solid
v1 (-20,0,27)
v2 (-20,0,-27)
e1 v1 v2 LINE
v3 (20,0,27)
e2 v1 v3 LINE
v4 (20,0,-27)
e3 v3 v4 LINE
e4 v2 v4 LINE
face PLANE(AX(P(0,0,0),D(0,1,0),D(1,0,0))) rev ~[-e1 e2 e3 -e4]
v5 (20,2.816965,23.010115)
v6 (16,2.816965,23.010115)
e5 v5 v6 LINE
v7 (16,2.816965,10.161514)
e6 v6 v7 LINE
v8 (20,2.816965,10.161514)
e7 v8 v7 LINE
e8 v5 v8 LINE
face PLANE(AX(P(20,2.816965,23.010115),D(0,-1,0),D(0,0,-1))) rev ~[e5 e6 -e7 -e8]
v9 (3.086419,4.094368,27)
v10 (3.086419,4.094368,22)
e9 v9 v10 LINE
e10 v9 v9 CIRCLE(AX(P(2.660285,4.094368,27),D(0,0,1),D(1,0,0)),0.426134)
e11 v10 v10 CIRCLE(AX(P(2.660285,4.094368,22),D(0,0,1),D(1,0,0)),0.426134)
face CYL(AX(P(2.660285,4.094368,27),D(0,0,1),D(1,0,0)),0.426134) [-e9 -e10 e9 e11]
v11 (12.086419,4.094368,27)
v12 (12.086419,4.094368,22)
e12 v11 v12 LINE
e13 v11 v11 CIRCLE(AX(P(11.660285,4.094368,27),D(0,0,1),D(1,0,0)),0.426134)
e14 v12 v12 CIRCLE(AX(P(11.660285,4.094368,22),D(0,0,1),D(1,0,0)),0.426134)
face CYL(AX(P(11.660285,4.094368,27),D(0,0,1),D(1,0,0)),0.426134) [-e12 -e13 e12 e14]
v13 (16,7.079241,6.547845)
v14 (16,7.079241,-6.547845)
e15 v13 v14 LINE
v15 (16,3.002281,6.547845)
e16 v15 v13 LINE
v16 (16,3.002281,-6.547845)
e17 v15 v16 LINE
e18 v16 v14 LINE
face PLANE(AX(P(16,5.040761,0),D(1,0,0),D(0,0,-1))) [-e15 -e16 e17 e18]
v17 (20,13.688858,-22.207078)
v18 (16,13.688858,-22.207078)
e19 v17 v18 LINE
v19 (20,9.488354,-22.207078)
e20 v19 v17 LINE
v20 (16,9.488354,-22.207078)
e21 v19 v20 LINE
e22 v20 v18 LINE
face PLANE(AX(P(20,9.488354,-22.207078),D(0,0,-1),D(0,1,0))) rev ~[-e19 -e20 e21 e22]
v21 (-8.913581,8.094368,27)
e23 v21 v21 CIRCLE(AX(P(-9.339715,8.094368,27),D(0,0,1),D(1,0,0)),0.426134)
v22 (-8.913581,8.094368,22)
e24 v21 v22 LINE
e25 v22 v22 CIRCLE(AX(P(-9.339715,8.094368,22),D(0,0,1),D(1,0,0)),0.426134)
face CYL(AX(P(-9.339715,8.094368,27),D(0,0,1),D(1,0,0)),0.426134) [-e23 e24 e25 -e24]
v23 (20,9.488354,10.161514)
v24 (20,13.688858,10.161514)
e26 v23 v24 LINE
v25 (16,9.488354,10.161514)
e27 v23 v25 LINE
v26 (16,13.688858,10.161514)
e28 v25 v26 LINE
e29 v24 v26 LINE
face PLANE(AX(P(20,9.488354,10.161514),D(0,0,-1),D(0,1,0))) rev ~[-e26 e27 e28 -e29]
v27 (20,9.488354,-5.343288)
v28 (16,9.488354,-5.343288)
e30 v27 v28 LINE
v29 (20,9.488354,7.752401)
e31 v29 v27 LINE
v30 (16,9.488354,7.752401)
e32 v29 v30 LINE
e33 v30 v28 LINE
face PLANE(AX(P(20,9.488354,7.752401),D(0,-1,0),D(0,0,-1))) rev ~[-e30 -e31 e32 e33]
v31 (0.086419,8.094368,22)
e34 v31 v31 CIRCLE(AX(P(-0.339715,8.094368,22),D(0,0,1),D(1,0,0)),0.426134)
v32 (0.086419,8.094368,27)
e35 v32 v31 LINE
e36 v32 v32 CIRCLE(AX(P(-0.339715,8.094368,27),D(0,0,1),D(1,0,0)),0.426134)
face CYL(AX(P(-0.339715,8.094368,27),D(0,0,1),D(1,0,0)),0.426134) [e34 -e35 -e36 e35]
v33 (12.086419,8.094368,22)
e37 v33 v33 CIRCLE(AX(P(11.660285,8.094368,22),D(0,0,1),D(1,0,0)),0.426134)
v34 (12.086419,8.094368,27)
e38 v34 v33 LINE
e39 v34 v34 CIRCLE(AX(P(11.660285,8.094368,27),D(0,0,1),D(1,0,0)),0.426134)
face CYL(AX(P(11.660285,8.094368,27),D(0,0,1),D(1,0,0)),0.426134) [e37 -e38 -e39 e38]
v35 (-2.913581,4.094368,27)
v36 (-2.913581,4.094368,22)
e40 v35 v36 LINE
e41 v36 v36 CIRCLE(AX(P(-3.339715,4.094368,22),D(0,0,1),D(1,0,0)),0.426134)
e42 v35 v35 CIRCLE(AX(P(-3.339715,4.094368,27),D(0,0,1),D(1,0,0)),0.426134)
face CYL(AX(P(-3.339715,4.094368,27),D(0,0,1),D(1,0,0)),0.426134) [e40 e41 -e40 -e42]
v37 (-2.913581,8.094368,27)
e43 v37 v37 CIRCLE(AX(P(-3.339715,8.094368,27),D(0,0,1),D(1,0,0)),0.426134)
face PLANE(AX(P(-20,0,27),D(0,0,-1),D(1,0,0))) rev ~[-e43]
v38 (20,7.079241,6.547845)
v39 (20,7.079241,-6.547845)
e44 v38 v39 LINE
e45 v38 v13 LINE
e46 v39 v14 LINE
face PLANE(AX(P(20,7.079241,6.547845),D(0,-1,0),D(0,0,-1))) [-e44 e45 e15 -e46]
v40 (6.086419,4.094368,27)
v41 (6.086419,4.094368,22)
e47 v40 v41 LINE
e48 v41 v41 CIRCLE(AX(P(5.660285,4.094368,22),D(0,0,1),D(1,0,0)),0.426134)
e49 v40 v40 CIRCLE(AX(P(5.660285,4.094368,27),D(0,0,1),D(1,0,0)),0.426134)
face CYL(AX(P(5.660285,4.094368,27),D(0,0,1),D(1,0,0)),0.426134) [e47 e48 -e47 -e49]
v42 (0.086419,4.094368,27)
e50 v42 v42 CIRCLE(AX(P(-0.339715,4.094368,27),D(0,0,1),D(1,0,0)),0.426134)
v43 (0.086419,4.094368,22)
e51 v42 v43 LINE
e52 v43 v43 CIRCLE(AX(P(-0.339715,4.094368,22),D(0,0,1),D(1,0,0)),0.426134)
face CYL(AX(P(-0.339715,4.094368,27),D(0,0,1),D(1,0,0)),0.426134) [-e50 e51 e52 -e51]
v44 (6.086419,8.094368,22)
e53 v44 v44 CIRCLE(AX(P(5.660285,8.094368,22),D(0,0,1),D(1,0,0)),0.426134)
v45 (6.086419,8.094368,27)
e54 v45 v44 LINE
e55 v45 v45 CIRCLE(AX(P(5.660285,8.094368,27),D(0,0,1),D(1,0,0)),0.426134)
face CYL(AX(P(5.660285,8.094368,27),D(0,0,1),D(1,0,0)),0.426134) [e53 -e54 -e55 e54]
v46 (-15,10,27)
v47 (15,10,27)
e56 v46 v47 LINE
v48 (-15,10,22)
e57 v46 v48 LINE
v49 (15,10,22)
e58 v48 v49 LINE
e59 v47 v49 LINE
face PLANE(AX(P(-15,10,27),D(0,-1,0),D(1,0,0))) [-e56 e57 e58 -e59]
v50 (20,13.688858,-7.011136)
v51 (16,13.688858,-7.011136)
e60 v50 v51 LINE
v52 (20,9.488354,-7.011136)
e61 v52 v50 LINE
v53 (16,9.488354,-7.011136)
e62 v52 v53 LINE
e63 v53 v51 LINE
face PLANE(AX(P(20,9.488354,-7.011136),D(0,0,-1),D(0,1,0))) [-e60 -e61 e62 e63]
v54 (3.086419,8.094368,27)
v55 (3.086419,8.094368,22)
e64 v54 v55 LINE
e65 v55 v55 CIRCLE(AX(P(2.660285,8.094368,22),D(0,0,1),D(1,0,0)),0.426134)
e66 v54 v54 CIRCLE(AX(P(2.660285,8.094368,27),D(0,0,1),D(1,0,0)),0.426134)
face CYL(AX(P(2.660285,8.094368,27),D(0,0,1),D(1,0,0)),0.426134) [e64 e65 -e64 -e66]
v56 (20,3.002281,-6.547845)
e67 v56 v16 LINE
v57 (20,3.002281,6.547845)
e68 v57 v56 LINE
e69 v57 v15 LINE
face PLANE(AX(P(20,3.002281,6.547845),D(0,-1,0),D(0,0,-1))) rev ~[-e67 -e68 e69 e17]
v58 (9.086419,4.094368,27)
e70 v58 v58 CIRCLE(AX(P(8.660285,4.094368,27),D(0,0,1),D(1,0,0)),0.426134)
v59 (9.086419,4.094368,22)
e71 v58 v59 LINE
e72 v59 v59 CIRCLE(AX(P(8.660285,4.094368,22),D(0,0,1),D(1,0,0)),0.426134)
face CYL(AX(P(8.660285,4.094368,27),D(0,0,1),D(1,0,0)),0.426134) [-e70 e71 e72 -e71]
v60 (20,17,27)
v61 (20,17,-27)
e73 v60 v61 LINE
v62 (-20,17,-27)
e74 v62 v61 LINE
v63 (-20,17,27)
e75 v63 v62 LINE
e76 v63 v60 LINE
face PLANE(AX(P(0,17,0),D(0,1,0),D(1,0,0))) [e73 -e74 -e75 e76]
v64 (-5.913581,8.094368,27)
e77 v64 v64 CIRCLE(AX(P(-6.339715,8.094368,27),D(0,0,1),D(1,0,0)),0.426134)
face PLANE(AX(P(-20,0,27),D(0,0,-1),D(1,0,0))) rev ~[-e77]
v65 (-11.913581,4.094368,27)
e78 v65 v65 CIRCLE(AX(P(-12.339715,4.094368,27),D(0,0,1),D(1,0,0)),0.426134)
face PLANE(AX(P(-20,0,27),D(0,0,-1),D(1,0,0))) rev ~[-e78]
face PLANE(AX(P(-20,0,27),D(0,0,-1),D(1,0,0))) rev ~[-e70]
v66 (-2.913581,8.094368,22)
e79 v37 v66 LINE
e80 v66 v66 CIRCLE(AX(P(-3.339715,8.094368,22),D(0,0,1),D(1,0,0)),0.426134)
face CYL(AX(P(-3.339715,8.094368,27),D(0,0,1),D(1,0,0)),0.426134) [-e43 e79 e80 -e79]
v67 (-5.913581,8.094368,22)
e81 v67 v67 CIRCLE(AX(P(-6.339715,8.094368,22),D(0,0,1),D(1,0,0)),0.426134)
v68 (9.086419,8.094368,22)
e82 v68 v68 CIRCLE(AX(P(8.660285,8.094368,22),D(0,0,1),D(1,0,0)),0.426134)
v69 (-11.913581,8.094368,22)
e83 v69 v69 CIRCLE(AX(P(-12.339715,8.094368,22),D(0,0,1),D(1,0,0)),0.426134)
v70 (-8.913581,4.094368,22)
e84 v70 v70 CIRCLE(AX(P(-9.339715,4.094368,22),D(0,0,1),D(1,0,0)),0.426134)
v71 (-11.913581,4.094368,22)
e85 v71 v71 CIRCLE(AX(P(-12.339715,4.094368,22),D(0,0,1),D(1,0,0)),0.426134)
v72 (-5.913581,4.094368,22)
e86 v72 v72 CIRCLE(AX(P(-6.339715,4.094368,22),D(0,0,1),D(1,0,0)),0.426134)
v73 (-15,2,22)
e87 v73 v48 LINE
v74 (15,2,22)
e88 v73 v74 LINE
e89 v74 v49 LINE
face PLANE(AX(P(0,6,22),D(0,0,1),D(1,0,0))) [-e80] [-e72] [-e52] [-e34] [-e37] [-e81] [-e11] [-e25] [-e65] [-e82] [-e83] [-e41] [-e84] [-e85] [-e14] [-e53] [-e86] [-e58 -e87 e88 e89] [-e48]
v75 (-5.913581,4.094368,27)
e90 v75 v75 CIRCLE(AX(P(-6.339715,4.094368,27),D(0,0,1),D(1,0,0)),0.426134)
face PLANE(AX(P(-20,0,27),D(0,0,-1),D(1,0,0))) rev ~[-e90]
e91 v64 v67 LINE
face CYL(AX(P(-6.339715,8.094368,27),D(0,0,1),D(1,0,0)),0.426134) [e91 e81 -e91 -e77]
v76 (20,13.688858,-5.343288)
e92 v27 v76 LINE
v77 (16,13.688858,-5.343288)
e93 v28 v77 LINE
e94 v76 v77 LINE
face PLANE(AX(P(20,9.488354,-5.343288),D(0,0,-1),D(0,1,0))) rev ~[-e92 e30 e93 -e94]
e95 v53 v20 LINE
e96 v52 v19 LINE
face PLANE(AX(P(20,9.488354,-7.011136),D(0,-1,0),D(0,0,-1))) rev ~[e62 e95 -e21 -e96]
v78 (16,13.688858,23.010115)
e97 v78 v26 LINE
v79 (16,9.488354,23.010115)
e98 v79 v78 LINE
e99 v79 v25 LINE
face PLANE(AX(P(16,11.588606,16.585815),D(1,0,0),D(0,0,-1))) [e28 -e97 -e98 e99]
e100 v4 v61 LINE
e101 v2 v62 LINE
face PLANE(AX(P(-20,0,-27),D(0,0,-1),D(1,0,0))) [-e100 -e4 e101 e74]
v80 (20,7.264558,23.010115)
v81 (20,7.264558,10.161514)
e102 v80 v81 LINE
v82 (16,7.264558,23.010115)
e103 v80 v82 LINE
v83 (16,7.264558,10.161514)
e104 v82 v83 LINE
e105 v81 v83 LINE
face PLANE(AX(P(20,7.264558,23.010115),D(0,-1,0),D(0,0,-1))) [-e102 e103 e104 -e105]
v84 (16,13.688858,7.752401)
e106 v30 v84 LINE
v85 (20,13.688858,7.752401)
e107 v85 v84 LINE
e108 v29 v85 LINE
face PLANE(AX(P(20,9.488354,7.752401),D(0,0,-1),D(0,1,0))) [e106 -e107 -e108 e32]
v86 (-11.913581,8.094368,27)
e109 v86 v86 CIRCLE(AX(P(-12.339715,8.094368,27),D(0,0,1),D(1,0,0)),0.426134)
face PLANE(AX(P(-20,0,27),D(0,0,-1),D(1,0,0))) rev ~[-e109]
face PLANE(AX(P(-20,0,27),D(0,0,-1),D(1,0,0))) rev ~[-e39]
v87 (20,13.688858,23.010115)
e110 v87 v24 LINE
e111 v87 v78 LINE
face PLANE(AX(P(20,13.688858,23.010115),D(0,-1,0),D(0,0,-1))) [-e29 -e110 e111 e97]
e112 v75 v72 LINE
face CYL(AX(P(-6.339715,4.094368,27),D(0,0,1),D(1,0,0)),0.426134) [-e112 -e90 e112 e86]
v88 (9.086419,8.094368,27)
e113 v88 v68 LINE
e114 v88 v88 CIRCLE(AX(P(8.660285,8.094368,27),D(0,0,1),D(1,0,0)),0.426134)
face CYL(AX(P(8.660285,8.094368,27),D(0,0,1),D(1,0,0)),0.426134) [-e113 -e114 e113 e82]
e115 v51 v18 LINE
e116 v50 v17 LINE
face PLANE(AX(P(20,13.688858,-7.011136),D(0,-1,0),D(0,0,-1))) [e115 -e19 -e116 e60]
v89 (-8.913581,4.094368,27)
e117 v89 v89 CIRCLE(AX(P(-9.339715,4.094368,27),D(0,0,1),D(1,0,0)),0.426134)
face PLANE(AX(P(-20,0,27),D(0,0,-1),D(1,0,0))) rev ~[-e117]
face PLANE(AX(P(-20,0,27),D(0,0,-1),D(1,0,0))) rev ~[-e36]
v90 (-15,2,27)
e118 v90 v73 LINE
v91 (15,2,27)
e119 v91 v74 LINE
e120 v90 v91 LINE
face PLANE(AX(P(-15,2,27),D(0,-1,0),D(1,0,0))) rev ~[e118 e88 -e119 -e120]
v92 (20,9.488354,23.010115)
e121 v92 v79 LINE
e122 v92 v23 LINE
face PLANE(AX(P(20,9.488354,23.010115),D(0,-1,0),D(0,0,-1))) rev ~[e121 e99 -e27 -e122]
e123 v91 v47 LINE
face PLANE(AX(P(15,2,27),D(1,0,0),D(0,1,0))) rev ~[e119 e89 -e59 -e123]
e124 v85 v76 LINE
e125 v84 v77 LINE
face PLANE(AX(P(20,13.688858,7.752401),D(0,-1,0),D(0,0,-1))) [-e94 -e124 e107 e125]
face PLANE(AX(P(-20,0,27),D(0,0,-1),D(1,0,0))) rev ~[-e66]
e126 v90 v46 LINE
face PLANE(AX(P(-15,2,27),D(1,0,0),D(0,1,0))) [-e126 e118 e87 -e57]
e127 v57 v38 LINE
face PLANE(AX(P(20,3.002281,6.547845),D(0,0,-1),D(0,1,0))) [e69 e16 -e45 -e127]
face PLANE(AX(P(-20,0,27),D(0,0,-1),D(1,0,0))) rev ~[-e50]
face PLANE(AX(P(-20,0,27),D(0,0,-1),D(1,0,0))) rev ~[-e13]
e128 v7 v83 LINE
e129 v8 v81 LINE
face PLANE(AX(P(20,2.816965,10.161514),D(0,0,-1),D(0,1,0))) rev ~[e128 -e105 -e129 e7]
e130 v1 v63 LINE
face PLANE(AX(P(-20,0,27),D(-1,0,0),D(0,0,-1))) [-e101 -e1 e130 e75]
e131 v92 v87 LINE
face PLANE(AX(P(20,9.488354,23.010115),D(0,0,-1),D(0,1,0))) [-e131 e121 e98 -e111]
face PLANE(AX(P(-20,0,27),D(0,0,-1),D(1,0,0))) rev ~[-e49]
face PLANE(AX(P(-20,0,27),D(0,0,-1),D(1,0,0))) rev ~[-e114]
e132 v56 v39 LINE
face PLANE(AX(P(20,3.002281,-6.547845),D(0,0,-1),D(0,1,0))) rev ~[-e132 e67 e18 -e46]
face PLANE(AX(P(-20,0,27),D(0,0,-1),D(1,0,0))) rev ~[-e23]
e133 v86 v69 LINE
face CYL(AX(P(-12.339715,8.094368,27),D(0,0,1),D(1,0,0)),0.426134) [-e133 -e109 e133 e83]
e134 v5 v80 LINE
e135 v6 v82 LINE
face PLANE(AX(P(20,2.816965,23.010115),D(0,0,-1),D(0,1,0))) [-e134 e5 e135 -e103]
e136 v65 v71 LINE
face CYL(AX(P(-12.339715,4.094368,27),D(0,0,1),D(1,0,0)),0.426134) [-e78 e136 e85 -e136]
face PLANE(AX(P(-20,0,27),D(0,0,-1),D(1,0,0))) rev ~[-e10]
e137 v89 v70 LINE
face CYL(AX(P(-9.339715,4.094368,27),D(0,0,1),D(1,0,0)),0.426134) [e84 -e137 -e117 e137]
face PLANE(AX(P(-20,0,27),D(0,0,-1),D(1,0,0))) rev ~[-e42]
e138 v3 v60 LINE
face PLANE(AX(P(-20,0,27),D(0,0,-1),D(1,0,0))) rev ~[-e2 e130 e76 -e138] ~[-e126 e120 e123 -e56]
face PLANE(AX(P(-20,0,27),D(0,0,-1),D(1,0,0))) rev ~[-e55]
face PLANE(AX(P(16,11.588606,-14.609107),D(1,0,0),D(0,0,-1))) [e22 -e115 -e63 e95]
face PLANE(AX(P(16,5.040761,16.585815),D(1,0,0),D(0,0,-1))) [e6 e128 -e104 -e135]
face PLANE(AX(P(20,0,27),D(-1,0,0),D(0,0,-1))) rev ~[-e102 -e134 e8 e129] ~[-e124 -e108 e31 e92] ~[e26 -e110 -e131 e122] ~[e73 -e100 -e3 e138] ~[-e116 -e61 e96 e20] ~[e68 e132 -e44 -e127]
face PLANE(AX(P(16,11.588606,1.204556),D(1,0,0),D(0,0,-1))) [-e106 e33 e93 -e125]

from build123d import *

# Parameters (mm, degrees)
SKETCH1_W           = 40
SKETCH1_H           = 54
BOSS_EXTRUDE1_DEPTH = 17
SKETCH2_W           = 30
SKETCH2_H           = 8
SKETCH2_R           = 0.426133687
CUT_EXTRUDE1_DEPTH  = 5
SKETCH3_W           = 12.848601187
SKETCH3_H           = 4.200504235
SKETCH3_W_2         = 13.095689671
SKETCH3_W_3         = 15.195941788
SKETCH3_H_2         = 4.447592718
SKETCH3_W_4         = 13.095689672
SKETCH3_H_3         = 4.076959992
CUT_EXTRUDE2_DEPTH  = 4


with BuildPart() as part:
    # Sketch1 → Boss-Extrude1 (new body)
    with BuildSketch(Plane(origin=(0, 0, 0), x_dir=(1, 0, 0), z_dir=(0, 1, 0))):
        Rectangle(SKETCH1_W, SKETCH1_H)
    extrude(amount=BOSS_EXTRUDE1_DEPTH)

    # Sketch2 → Cut-Extrude1 (cut)
    with BuildSketch(Plane.XY.offset(27)):
        with Locations((0, 6)):
            Rectangle(SKETCH2_W, SKETCH2_H)
        with Locations((-12.339715026, 8.094368166)):
            Circle(SKETCH2_R, mode=Mode.SUBTRACT)
        with Locations((-9.339715026, 8.094368166)):
            Circle(SKETCH2_R, mode=Mode.SUBTRACT)
        with Locations((-6.339715026, 8.094368166)):
            Circle(SKETCH2_R, mode=Mode.SUBTRACT)
        with Locations((-3.339715026, 8.094368166)):
            Circle(SKETCH2_R, mode=Mode.SUBTRACT)
        with Locations((-0.339715026, 8.094368166)):
            Circle(SKETCH2_R, mode=Mode.SUBTRACT)
        with Locations((2.660284974, 8.094368166)):
            Circle(SKETCH2_R, mode=Mode.SUBTRACT)
        with Locations((5.660284974, 8.094368166)):
            Circle(SKETCH2_R, mode=Mode.SUBTRACT)
        with Locations((8.660284974, 8.094368166)):
            Circle(SKETCH2_R, mode=Mode.SUBTRACT)
        with Locations((11.660284974, 8.094368166)):
            Circle(SKETCH2_R, mode=Mode.SUBTRACT)
        with Locations((-9.339715026, 4.094368166)):
            Circle(SKETCH2_R, mode=Mode.SUBTRACT)
        with Locations((-6.339715026, 4.094368166)):
            Circle(SKETCH2_R, mode=Mode.SUBTRACT)
        with Locations((-3.339715026, 4.094368166)):
            Circle(SKETCH2_R, mode=Mode.SUBTRACT)
        with Locations((-0.339715026, 4.094368166)):
            Circle(SKETCH2_R, mode=Mode.SUBTRACT)
        with Locations((2.660284974, 4.094368166)):
            Circle(SKETCH2_R, mode=Mode.SUBTRACT)
        with Locations((5.660284974, 4.094368166)):
            Circle(SKETCH2_R, mode=Mode.SUBTRACT)
        with Locations((8.660284974, 4.094368166)):
            Circle(SKETCH2_R, mode=Mode.SUBTRACT)
        with Locations((11.660284974, 4.094368166)):
            Circle(SKETCH2_R, mode=Mode.SUBTRACT)
        with Locations((-12.339715026, 4.094368166)):
            Circle(SKETCH2_R, mode=Mode.SUBTRACT)
    extrude(amount=-CUT_EXTRUDE1_DEPTH, mode=Mode.SUBTRACT)

    # Sketch3 → Cut-Extrude2 (cut)
    with BuildSketch(Plane(origin=(20, 0, 0), x_dir=(0, 0, -1), z_dir=(1, 0, 0))):
        with Locations((-16.585814513, 11.588606055)):
            Rectangle(SKETCH3_W, SKETCH3_H)
        with Locations((-1.204556361, 11.588606055)):
            Rectangle(SKETCH3_W_2, SKETCH3_H)
        with Locations((14.609106638, 11.588606055)):
            Rectangle(SKETCH3_W_3, SKETCH3_H)
        with Locations((-16.585814513, 5.040761219)):
            Rectangle(SKETCH3_W, SKETCH3_H_2)
        with Locations((0, 5.040761219)):
            Rectangle(SKETCH3_W_4, SKETCH3_H_3)
    extrude(amount=-CUT_EXTRUDE2_DEPTH, mode=Mode.SUBTRACT)


solid = part.part
